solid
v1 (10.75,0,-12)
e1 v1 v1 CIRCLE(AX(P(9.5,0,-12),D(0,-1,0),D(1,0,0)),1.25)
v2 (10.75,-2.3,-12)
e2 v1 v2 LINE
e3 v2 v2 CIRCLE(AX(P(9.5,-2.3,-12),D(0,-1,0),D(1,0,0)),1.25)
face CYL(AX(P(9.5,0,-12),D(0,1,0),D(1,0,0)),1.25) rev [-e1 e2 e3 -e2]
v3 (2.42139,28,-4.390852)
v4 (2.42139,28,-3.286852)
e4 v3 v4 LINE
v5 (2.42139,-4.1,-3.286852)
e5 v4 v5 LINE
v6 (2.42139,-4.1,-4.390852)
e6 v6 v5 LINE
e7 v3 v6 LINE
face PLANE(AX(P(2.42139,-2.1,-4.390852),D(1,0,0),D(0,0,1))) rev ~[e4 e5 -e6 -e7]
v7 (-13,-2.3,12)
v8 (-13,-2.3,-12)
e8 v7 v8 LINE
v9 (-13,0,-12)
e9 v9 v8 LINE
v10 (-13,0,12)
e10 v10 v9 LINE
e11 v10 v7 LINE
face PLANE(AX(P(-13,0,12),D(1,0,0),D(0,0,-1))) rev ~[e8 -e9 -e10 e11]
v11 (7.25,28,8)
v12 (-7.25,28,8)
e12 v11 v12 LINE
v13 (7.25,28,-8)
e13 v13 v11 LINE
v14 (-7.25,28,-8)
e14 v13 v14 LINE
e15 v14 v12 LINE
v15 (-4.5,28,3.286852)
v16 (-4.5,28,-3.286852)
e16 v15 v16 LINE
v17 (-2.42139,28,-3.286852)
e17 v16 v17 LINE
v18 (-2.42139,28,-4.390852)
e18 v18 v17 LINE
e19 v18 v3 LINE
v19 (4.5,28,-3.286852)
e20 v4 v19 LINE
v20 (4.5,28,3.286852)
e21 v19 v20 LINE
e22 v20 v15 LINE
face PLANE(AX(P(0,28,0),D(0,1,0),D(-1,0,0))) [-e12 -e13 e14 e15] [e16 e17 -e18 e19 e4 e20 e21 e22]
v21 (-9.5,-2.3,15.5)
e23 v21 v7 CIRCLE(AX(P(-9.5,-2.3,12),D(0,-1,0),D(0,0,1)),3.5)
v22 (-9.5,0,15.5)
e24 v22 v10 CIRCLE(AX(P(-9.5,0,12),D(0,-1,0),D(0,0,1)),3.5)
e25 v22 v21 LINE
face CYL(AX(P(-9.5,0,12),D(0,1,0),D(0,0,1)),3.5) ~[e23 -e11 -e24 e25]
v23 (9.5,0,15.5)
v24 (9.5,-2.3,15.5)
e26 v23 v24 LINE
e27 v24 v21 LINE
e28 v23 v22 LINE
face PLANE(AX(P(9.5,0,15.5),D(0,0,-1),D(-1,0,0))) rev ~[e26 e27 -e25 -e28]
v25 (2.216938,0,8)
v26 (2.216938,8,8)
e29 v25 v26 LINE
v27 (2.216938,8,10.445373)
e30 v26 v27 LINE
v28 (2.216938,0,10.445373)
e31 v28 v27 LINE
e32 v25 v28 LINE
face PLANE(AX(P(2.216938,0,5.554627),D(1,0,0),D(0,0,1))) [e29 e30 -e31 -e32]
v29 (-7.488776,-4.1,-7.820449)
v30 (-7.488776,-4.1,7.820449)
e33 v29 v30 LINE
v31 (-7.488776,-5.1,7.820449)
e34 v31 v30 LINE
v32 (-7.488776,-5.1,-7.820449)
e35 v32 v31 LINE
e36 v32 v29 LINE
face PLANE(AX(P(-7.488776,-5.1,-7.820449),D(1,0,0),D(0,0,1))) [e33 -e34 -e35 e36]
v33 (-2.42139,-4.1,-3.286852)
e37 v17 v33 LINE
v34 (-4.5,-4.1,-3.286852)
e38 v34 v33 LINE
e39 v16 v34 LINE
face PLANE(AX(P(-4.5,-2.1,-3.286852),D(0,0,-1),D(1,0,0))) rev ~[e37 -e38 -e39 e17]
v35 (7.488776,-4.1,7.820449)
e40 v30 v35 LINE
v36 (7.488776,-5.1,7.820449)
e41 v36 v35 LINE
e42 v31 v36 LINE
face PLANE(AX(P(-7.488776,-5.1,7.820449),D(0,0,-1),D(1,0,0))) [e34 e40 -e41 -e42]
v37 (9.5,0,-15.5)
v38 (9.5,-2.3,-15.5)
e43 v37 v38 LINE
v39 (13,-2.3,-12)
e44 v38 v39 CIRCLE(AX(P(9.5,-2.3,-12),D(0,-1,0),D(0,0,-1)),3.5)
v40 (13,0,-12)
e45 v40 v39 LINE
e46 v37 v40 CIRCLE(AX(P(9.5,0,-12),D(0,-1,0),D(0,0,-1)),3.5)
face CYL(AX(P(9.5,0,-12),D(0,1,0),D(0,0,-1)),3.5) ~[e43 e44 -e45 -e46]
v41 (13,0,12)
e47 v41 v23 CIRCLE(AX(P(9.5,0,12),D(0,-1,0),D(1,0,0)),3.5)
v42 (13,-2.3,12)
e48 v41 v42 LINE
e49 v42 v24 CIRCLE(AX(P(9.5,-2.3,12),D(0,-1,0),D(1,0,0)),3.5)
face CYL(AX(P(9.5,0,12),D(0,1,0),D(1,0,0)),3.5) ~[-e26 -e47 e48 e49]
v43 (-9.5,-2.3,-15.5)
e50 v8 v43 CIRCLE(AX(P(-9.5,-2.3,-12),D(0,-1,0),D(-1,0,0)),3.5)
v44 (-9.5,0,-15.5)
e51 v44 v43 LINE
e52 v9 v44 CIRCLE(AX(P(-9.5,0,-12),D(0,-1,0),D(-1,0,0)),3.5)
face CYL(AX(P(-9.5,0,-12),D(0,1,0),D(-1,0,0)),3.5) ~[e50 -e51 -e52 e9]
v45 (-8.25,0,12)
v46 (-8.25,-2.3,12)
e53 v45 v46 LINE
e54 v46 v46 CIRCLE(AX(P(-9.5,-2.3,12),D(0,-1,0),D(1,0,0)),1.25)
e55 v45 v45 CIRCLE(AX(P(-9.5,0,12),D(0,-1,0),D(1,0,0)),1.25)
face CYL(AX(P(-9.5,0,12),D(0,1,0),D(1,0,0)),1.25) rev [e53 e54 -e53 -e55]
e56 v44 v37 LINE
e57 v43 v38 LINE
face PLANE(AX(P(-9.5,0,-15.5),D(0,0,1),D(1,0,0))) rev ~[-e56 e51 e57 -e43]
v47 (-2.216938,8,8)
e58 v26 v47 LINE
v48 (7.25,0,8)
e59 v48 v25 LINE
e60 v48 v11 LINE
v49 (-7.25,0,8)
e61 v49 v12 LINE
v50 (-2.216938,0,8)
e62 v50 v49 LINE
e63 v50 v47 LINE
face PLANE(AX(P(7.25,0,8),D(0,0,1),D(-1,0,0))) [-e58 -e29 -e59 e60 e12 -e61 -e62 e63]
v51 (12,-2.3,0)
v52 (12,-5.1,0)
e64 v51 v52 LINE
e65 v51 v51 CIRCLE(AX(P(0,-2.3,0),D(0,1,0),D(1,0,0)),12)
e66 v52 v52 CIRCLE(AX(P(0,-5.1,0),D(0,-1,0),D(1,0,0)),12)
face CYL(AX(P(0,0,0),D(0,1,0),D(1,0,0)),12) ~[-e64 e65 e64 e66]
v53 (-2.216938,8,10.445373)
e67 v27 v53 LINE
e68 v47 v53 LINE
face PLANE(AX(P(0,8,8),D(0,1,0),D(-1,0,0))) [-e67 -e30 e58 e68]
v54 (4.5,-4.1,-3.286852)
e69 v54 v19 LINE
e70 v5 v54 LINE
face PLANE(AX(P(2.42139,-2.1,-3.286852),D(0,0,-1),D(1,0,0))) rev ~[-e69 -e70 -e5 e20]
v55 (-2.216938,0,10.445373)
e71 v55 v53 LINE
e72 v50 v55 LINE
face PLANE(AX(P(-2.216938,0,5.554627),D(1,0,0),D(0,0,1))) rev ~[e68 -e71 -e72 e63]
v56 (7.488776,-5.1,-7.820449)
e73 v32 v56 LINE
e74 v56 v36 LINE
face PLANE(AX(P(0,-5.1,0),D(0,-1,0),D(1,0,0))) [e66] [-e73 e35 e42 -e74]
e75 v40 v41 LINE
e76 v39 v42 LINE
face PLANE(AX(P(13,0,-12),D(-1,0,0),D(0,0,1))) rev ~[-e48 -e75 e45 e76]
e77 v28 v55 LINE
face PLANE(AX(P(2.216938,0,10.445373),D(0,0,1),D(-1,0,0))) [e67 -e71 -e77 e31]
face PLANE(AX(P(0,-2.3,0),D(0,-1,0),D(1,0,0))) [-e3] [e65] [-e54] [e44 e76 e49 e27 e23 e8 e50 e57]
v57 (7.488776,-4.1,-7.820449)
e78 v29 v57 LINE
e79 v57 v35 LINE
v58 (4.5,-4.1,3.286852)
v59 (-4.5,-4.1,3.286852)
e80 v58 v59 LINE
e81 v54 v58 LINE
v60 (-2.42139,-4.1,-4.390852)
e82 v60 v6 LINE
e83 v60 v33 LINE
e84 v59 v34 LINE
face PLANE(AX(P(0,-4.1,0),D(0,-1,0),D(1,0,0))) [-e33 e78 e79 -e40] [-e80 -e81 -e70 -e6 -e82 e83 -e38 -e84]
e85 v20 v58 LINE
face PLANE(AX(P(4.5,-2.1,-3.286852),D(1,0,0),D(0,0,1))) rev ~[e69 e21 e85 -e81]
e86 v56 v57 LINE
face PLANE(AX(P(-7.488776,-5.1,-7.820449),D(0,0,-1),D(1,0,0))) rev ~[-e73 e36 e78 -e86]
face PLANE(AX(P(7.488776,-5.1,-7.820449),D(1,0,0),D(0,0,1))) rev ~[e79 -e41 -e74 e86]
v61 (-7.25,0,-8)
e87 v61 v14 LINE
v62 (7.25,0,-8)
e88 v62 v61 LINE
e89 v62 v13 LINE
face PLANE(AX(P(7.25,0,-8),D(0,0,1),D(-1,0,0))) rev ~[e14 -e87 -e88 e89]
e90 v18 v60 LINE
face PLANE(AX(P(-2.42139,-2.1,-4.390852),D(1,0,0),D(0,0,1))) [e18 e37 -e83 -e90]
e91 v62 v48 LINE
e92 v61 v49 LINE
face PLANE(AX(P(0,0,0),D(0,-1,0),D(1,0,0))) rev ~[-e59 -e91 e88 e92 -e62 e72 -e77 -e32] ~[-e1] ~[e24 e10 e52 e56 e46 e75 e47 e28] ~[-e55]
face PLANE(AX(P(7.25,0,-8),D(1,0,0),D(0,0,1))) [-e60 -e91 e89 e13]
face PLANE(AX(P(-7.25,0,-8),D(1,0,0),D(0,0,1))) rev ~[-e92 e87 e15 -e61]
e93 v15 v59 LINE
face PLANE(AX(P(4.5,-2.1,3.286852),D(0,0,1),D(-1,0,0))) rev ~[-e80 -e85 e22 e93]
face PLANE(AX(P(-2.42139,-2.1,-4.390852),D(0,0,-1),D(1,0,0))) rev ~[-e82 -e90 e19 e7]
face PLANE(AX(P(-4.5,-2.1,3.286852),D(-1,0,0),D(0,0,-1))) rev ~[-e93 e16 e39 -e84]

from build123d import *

# Parameters (mm, degrees)
F0_R      = 1.25
F0_R_2    = 12
F1_DEPTH  = 2.3
F2_DEPTH  = 5.1
F3_W      = 14.9775519967
F3_H      = 15.6408976763
F3_W_2    = 4.8427809961
F3_H_2    = 1.104
F4_DEPTH  = 1
F5_DEPTH  = 3
F6_W      = 14.5
F6_H      = 16
F7_DEPTH  = 28
F8_W      = 4.4338763691
F8_H      = 4.8907462656
F9_DEPTH  = 8
F10_DEPTH = 30.1


with BuildPart() as f1:
    # F0 (on Front) → F1 (new body)
    with BuildSketch(Plane.XZ):
        with BuildLine():
            ThreePointArc((13, 12), (11.9748737342, 14.4748737342), (9.5, 15.5))
            Line((9.5, 15.5), (-9.5, 15.5))
            ThreePointArc((-9.5, 15.5), (-11.9748737342, 14.4748737342), (-13, 12))
            Line((-13, 12), (-13, -12))
            ThreePointArc((-13, -12), (-11.9748737342, -14.4748737342), (-9.5, -15.5))
            Line((-9.5, -15.5), (9.5, -15.5))
            ThreePointArc((9.5, -15.5), (11.9748737342, -14.4748737342), (13, -12))
            Line((13, -12), (13, 12))
        make_face()
        with Locations((9.5, -12)):
            Circle(F0_R, mode=Mode.SUBTRACT)
        with Locations((-9.5, 12)):
            Circle(F0_R, mode=Mode.SUBTRACT)
        Circle(F0_R_2, mode=Mode.SUBTRACT)
        Circle(F0_R_2)
    extrude(amount=F1_DEPTH)

    # F0 (on Front) → F2 (join)
    with BuildSketch(Plane.XZ):
        Circle(F0_R_2)
    extrude(amount=F2_DEPTH)

    # F3 (on face) → F4 (cut)
    with BuildSketch(Plane.XZ.offset(5.1)):
        Rectangle(F3_W, F3_H)
        Polygon((-4.5, 3.2868520357), (4.5, 3.2868520357), (4.5, -3.2868520357), (2.4213904981, -3.2868520357), (2.4213904981, -4.3908520357), (-2.4213904981, -4.3908520357), (-2.4213904981, -3.2868520357), (-4.5, -3.2868520357), align=None, mode=Mode.SUBTRACT)
        Polygon((4.5, -3.2868520357), (4.5, 3.2868520357), (-4.5, 3.2868520357), (-4.5, -3.2868520357), (-2.4213904981, -3.2868520357), (-2.4213904981, -2.1828520357), (2.4213904981, -2.1828520357), (2.4213904981, -3.2868520357), align=None)
        with Locations((0, -2.7348520357)):
            Rectangle(F3_W_2, F3_H_2)
        with Locations((0, -3.8388520357)):
            Rectangle(F3_W_2, F3_H_2)
    extrude(amount=-F4_DEPTH, mode=Mode.SUBTRACT)

    # F3 (on face) → F5 (cut)
    with BuildSketch(Plane.XZ.offset(5.1)):
        Polygon((4.5, -3.2868520357), (4.5, 3.2868520357), (-4.5, 3.2868520357), (-4.5, -3.2868520357), (-2.4213904981, -3.2868520357), (-2.4213904981, -2.1828520357), (2.4213904981, -2.1828520357), (2.4213904981, -3.2868520357), align=None)
        with Locations((0, -2.7348520357)):
            Rectangle(F3_W_2, F3_H_2)
        with Locations((0, -3.8388520357)):
            Rectangle(F3_W_2, F3_H_2)
    extrude(amount=-F5_DEPTH, mode=Mode.SUBTRACT)

    # F6 (on face) → F7 (join)
    with BuildSketch(Plane(origin=(0, 0, 0), x_dir=(-1, 0, 0), z_dir=(0, 1, 0))):
        Rectangle(F6_W, F6_H)
    extrude(amount=F7_DEPTH)

    # F8 (on face) → F9 (join)
    with BuildSketch(Plane(origin=(0, 0, 0), x_dir=(-1, 0, 0), z_dir=(0, 1, 0))):
        with Locations((0, 8)):
            Rectangle(F8_W, F8_H)
    extrude(amount=F9_DEPTH)

    # F10 (cut, through all): a face of the model
    f10_faces = [f1.faces().sort_by_distance(p)[0] for p in [
        (0, -2.1, -0.3181557698),
    ]]
    extrude(f10_faces, amount=-F10_DEPTH, mode=Mode.SUBTRACT)


solid = f1.part
